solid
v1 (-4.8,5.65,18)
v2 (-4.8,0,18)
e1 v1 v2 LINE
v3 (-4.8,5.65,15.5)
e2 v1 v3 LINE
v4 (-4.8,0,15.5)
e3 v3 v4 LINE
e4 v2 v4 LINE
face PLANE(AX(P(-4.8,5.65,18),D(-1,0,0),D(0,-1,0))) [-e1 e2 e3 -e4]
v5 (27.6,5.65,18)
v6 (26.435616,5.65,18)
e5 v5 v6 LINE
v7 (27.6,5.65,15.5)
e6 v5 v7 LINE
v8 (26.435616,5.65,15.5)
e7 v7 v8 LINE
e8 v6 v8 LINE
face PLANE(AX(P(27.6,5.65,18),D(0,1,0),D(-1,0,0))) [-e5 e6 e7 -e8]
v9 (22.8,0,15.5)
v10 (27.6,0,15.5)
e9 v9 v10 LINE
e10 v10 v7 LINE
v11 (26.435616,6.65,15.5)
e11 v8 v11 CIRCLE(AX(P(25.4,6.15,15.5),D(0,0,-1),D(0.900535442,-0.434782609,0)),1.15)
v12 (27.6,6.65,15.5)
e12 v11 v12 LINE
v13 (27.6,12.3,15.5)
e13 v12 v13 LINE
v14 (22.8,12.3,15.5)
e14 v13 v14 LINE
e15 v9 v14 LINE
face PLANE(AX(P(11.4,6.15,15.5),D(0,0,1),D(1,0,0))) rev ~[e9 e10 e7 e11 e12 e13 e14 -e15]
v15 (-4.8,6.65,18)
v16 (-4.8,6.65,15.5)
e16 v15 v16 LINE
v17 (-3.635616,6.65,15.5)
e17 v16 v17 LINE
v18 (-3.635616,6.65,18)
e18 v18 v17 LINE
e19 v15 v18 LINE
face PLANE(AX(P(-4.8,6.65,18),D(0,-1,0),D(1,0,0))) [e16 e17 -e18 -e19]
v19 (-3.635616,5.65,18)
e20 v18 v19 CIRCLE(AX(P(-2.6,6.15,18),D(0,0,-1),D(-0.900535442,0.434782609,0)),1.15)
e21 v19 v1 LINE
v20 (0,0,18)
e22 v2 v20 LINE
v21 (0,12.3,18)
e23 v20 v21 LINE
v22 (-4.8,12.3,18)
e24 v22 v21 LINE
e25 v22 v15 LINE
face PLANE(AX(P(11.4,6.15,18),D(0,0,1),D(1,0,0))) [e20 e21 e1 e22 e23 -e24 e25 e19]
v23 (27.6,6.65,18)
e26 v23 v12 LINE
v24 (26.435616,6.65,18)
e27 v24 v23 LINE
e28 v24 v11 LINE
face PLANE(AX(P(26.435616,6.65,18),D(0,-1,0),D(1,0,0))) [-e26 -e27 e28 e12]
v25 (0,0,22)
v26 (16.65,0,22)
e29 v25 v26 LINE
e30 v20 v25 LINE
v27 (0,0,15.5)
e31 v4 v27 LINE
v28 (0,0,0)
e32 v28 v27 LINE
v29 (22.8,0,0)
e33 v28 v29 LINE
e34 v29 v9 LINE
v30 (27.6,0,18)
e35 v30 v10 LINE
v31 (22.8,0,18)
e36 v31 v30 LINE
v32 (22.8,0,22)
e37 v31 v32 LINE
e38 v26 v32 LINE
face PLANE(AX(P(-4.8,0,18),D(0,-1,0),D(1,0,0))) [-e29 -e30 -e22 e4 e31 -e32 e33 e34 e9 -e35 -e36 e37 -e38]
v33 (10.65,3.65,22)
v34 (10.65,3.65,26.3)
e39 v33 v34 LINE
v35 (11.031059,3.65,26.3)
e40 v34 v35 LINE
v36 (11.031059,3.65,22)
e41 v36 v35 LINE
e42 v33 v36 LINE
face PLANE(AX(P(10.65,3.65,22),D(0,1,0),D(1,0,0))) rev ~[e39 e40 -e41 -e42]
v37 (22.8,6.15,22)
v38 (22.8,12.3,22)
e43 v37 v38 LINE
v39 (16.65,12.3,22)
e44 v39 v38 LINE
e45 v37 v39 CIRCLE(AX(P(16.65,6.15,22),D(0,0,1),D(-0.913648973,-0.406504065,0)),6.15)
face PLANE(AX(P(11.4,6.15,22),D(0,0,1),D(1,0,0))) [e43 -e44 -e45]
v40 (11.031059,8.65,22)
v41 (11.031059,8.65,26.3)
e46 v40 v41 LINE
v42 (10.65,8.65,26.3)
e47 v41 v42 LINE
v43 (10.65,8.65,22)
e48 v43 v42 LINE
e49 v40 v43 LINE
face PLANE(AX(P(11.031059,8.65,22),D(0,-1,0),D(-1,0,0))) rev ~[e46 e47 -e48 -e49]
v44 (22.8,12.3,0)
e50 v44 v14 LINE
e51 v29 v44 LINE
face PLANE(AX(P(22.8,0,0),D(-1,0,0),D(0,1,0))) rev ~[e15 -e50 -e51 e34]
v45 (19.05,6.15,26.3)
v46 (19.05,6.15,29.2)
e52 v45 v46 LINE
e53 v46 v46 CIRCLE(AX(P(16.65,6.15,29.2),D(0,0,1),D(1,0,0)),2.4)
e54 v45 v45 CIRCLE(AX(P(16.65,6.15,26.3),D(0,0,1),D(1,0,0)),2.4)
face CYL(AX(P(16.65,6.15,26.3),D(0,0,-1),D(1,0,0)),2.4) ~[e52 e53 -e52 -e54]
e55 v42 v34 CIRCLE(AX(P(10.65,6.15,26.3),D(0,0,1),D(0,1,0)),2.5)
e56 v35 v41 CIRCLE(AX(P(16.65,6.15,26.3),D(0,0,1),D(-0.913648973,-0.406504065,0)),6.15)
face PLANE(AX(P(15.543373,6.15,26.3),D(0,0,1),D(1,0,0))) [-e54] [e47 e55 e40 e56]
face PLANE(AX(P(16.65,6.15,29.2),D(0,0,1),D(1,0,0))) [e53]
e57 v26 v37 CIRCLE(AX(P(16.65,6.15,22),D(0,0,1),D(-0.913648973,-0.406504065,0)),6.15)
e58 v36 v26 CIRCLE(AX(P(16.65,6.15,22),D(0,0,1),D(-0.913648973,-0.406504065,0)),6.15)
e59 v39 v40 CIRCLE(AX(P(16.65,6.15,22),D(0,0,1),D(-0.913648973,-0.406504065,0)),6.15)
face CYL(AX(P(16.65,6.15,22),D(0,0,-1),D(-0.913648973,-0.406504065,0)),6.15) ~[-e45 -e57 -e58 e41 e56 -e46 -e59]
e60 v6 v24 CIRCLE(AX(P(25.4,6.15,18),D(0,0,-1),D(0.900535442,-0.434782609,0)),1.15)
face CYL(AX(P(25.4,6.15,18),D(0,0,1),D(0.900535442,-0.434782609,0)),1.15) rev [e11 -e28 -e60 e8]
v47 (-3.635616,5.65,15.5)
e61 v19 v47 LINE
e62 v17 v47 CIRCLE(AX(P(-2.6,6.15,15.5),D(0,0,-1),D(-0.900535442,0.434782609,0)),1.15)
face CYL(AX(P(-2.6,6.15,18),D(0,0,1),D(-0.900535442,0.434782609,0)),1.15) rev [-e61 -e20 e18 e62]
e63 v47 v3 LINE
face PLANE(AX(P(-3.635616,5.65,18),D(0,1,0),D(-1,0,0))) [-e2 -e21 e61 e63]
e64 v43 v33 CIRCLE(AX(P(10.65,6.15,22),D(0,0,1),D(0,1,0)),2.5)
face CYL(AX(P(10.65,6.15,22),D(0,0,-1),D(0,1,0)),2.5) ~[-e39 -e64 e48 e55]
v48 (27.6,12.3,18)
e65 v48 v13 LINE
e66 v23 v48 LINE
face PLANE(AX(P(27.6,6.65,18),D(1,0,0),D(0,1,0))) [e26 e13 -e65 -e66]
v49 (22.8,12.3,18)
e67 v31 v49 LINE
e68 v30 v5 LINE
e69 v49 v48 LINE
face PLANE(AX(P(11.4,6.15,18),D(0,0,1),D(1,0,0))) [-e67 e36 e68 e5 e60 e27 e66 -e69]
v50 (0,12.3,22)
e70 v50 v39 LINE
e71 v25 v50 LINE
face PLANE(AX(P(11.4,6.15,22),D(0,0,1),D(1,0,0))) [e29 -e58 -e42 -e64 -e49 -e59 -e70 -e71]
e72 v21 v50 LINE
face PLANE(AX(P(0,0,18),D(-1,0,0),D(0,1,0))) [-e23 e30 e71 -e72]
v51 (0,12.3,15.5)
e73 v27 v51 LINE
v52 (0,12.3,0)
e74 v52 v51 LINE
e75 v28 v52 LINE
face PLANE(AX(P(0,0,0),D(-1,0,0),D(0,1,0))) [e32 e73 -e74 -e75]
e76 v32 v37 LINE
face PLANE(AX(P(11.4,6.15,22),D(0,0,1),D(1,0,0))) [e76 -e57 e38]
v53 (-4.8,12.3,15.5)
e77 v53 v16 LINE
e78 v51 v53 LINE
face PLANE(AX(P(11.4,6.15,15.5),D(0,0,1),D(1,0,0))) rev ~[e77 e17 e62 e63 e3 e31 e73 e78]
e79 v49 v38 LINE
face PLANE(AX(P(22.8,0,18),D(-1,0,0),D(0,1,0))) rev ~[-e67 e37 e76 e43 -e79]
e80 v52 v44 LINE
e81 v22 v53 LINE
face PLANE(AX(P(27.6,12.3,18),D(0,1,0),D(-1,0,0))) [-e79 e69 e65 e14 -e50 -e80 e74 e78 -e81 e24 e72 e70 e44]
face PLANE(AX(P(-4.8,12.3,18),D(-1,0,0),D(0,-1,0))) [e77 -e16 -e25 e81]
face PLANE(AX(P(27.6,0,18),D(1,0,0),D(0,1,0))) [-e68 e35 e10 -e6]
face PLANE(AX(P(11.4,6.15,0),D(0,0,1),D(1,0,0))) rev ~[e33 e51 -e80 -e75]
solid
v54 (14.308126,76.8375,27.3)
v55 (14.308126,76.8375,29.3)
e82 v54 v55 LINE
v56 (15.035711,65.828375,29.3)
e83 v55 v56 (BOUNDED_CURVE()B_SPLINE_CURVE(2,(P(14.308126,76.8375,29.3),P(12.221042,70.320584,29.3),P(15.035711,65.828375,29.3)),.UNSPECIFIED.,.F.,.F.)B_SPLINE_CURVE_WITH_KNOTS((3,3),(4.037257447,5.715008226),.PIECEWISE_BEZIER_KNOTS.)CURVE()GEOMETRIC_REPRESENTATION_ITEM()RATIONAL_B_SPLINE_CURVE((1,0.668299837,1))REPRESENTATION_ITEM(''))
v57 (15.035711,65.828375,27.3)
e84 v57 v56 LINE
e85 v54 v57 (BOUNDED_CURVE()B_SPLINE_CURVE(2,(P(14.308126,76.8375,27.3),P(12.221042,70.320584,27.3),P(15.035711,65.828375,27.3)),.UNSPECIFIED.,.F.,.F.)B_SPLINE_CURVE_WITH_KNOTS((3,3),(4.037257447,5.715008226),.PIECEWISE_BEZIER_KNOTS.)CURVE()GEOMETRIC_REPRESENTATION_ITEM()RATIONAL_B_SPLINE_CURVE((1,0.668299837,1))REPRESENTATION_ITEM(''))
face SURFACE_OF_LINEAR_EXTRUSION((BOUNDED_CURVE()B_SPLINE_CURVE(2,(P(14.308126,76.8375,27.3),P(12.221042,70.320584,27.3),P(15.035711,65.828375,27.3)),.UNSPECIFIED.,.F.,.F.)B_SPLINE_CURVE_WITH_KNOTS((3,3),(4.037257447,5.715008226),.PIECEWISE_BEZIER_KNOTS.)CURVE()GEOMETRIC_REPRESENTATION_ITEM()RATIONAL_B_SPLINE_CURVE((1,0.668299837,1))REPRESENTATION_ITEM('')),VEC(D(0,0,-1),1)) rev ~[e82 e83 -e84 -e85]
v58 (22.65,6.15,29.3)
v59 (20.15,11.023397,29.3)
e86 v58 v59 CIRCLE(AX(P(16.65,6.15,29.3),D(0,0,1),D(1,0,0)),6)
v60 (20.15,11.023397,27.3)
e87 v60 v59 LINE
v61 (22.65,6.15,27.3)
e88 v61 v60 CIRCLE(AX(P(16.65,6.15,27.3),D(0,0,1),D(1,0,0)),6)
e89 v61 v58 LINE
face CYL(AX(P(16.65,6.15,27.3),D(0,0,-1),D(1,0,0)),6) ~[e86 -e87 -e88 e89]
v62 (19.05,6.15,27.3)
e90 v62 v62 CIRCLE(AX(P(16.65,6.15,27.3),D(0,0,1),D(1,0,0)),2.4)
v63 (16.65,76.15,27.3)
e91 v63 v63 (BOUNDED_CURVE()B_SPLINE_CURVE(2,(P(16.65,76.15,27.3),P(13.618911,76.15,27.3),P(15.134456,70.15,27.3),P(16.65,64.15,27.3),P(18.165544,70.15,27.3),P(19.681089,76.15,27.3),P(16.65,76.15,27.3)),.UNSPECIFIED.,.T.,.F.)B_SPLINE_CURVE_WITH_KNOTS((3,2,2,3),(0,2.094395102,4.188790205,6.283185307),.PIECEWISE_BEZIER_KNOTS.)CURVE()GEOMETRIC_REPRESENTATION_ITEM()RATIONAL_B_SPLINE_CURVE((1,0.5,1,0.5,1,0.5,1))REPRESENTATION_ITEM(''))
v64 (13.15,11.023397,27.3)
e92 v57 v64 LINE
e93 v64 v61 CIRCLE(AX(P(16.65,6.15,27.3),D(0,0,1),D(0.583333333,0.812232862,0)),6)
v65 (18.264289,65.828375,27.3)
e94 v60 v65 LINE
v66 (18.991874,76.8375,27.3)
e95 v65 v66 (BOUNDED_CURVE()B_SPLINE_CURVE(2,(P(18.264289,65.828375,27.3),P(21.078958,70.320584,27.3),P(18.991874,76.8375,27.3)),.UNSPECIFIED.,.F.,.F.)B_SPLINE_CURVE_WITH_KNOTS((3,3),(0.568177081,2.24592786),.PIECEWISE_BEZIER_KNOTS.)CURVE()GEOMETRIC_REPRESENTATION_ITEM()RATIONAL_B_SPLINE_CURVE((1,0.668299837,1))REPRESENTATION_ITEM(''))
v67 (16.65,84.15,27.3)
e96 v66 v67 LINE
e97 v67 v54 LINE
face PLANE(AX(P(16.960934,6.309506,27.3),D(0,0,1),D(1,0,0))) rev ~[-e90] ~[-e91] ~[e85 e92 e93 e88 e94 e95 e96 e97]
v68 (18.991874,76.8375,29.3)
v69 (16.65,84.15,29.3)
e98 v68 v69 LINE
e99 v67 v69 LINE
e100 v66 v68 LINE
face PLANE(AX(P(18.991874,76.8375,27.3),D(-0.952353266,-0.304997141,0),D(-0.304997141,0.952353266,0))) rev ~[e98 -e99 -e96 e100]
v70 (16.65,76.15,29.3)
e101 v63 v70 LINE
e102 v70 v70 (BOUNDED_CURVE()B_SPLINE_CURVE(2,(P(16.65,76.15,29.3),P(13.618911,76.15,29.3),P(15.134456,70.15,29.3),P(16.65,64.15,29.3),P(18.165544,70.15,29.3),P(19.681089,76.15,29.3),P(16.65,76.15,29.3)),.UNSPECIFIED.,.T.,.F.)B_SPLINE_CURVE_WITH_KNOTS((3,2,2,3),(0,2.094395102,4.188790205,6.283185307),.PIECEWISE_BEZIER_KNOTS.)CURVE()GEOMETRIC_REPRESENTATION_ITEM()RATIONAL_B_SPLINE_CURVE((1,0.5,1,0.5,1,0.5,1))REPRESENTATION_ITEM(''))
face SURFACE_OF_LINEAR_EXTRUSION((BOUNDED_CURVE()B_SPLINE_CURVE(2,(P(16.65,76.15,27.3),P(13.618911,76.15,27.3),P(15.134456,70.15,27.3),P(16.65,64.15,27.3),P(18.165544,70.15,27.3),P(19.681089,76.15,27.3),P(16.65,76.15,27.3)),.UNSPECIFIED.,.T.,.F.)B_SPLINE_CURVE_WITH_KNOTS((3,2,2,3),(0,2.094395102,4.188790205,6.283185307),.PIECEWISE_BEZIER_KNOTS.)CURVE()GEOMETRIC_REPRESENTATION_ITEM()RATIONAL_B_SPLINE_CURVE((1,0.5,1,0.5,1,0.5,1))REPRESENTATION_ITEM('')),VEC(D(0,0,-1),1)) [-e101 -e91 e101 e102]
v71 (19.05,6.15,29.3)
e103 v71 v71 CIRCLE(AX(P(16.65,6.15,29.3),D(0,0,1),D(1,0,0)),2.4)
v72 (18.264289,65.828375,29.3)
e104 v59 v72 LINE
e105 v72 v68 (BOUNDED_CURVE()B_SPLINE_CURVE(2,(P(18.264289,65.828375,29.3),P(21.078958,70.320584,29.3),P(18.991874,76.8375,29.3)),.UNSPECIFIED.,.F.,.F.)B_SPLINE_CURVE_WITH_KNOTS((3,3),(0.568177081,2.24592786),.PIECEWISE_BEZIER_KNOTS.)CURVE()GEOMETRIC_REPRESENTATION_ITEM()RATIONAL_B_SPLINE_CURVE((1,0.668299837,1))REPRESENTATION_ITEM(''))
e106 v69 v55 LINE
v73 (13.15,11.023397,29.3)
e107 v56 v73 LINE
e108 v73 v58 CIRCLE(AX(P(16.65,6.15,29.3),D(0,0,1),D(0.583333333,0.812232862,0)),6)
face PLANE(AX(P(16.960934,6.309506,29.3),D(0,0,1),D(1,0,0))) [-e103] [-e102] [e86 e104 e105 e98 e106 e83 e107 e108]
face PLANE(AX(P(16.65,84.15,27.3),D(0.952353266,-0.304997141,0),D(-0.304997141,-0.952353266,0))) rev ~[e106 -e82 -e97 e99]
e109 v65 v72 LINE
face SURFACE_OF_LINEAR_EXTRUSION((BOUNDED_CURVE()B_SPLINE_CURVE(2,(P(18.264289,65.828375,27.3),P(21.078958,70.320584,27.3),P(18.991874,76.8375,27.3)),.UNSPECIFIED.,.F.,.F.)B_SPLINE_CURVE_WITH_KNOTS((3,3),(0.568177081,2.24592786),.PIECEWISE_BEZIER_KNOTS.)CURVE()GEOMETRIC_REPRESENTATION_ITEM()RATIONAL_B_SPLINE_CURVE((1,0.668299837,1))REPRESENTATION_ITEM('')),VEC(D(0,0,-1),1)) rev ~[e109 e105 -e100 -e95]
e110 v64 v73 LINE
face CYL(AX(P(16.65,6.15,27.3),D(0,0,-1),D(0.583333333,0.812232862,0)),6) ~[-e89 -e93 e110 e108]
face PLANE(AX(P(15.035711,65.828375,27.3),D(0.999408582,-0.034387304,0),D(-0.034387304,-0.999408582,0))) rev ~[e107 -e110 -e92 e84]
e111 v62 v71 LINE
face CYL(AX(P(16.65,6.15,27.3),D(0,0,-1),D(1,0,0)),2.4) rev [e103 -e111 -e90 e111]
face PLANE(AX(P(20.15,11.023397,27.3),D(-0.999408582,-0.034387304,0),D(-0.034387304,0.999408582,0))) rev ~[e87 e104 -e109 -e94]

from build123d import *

# Parameters (mm, degrees)
F0_W      = 22.8
F0_H      = 12.3
F1_DEPTH  = 18
F3_DEPTH  = 2.5
F4_W      = 22.8
F4_H      = 12.3
F5_DEPTH  = 4
F7_DEPTH  = 4.3
F8_R      = 2.4
F9_DEPTH  = 2.9
F11_R     = 2.4
F12_DEPTH = 2


with BuildPart() as f1:
    # F0 (on Top) → F1 (new body)
    with BuildSketch(Plane.XY):
        with Locations((11.4, 6.15)):
            Rectangle(F0_W, F0_H)
    extrude(amount=F1_DEPTH)

    # F2 (on face) → F3 (join)
    with BuildSketch(Plane.XY.offset(18)):
        with BuildLine():
            Line((22.8, 12.3), (0, 12.3))
            Line((0, 12.3), (-4.8, 12.3))
            Line((-4.8, 12.3), (-4.8, 6.65))
            Line((-4.8, 6.65), (-3.6356157589, 6.65))
            ThreePointArc((-3.6356157589, 6.65), (-1.45, 6.15), (-3.6356157589, 5.65))
            Line((-3.6356157589, 5.65), (-4.8, 5.65))
            Line((-4.8, 5.65), (-4.8, 0))
            Line((-4.8, 0), (0, 0))
            Line((0, 0), (22.8, 0))
            Line((22.8, 0), (27.6, 0))
            Line((27.6, 0), (27.6, 5.65))
            Line((27.6, 5.65), (26.4356157589, 5.65))
            ThreePointArc((26.4356157589, 5.65), (24.25, 6.15), (26.4356157589, 6.65))
            Line((26.4356157589, 6.65), (27.6, 6.65))
            Line((27.6, 6.65), (27.6, 12.3))
            Line((27.6, 12.3), (22.8, 12.3))
        make_face()
    extrude(amount=-F3_DEPTH)

    # F4 (on face) → F5 (join)
    with BuildSketch(Plane.XY.offset(18)):
        with Locations((11.4, 6.15)):
            Rectangle(F4_W, F4_H)
    extrude(amount=F5_DEPTH)

    # F6 (on face) → F7 (join)
    with BuildSketch(Plane.XY.offset(22)):
        with BuildLine():
            Line((10.65, 3.65), (11.0310588186, 3.65))
            ThreePointArc((11.0310588186, 3.65), (22.8, 6.15), (11.0310588186, 8.65))
            Line((11.0310588186, 8.65), (10.65, 8.65))
            ThreePointArc((10.65, 8.65), (8.15, 6.15), (10.65, 3.65))
        make_face()
    extrude(amount=F7_DEPTH)

    # F8 (on face) → F9 (join)
    with BuildSketch(Plane.XY.offset(26.3)):
        with Locations((16.65, 6.15)):
            Circle(F8_R)
    extrude(amount=F9_DEPTH)


with BuildPart() as f12:
    # F11 (on offset) → F12 (new body)
    with BuildSketch(Plane.XY.offset(27.3)):
        with BuildLine():
            ThreePointArc((13.15, 11.0233971724), (13.9113872125, 0.811460874), (22.65, 6.15))
            ThreePointArc((22.65, 6.15), (21.988539126, 8.8886127875), (20.15, 11.0233971724))
            ThreePointArc((20.15, 11.0233971724), (16.65, 12.15), (13.15, 11.0233971724))
        make_face()
        with Locations((16.65, 6.15)):
            Circle(F11_R, mode=Mode.SUBTRACT)
        with BuildLine():
            ThreePointArc((13.15, 11.0233971724), (16.65, 12.15), (20.15, 11.0233971724))
            Line((20.15, 11.0233971724), (18.264289308, 65.8283753918))
            add(Edge.make_bspline(
                [(18.264289308, 65.8283753918), (21.0789576918, 70.3205840399), (18.9918742494, 76.8375)],
                knots=[0.5681770814, 0.5681770814, 0.5681770814, 2.2459278597, 2.2459278597, 2.2459278597], degree=2, weights=[1, 0.6682998373, 1]))
            Line((18.9918742494, 76.8375), (16.65, 84.15))
            Line((16.65, 84.15), (14.3081257506, 76.8375))
            add(Edge.make_bspline(
                [(14.3081257506, 76.8375), (12.2210423082, 70.3205840399), (15.035710692, 65.8283753918)],
                knots=[4.0372574474, 4.0372574474, 4.0372574474, 5.7150082258, 5.7150082258, 5.7150082258], degree=2, weights=[1, 0.6682998373, 1]))
            Line((15.035710692, 65.8283753918), (13.15, 11.0233971724))
        make_face()
        with BuildLine():
            add(Edge.make_bspline(
                [(16.65, 76.15), (13.6189110868, 76.15), (15.1344555434, 70.15), (16.65, 64.15), (18.1655444566, 70.15), (19.6810889132, 76.15), (16.65, 76.15)],
                knots=[0, 0, 0, 2.0943951024, 2.0943951024, 4.1887902048, 4.1887902048, 6.2831853072, 6.2831853072, 6.2831853072], degree=2, weights=[1, 0.5, 1, 0.5, 1, 0.5, 1]))
        make_face(mode=Mode.SUBTRACT)
    extrude(amount=F12_DEPTH)


solid = Compound([f1.part, f12.part])
